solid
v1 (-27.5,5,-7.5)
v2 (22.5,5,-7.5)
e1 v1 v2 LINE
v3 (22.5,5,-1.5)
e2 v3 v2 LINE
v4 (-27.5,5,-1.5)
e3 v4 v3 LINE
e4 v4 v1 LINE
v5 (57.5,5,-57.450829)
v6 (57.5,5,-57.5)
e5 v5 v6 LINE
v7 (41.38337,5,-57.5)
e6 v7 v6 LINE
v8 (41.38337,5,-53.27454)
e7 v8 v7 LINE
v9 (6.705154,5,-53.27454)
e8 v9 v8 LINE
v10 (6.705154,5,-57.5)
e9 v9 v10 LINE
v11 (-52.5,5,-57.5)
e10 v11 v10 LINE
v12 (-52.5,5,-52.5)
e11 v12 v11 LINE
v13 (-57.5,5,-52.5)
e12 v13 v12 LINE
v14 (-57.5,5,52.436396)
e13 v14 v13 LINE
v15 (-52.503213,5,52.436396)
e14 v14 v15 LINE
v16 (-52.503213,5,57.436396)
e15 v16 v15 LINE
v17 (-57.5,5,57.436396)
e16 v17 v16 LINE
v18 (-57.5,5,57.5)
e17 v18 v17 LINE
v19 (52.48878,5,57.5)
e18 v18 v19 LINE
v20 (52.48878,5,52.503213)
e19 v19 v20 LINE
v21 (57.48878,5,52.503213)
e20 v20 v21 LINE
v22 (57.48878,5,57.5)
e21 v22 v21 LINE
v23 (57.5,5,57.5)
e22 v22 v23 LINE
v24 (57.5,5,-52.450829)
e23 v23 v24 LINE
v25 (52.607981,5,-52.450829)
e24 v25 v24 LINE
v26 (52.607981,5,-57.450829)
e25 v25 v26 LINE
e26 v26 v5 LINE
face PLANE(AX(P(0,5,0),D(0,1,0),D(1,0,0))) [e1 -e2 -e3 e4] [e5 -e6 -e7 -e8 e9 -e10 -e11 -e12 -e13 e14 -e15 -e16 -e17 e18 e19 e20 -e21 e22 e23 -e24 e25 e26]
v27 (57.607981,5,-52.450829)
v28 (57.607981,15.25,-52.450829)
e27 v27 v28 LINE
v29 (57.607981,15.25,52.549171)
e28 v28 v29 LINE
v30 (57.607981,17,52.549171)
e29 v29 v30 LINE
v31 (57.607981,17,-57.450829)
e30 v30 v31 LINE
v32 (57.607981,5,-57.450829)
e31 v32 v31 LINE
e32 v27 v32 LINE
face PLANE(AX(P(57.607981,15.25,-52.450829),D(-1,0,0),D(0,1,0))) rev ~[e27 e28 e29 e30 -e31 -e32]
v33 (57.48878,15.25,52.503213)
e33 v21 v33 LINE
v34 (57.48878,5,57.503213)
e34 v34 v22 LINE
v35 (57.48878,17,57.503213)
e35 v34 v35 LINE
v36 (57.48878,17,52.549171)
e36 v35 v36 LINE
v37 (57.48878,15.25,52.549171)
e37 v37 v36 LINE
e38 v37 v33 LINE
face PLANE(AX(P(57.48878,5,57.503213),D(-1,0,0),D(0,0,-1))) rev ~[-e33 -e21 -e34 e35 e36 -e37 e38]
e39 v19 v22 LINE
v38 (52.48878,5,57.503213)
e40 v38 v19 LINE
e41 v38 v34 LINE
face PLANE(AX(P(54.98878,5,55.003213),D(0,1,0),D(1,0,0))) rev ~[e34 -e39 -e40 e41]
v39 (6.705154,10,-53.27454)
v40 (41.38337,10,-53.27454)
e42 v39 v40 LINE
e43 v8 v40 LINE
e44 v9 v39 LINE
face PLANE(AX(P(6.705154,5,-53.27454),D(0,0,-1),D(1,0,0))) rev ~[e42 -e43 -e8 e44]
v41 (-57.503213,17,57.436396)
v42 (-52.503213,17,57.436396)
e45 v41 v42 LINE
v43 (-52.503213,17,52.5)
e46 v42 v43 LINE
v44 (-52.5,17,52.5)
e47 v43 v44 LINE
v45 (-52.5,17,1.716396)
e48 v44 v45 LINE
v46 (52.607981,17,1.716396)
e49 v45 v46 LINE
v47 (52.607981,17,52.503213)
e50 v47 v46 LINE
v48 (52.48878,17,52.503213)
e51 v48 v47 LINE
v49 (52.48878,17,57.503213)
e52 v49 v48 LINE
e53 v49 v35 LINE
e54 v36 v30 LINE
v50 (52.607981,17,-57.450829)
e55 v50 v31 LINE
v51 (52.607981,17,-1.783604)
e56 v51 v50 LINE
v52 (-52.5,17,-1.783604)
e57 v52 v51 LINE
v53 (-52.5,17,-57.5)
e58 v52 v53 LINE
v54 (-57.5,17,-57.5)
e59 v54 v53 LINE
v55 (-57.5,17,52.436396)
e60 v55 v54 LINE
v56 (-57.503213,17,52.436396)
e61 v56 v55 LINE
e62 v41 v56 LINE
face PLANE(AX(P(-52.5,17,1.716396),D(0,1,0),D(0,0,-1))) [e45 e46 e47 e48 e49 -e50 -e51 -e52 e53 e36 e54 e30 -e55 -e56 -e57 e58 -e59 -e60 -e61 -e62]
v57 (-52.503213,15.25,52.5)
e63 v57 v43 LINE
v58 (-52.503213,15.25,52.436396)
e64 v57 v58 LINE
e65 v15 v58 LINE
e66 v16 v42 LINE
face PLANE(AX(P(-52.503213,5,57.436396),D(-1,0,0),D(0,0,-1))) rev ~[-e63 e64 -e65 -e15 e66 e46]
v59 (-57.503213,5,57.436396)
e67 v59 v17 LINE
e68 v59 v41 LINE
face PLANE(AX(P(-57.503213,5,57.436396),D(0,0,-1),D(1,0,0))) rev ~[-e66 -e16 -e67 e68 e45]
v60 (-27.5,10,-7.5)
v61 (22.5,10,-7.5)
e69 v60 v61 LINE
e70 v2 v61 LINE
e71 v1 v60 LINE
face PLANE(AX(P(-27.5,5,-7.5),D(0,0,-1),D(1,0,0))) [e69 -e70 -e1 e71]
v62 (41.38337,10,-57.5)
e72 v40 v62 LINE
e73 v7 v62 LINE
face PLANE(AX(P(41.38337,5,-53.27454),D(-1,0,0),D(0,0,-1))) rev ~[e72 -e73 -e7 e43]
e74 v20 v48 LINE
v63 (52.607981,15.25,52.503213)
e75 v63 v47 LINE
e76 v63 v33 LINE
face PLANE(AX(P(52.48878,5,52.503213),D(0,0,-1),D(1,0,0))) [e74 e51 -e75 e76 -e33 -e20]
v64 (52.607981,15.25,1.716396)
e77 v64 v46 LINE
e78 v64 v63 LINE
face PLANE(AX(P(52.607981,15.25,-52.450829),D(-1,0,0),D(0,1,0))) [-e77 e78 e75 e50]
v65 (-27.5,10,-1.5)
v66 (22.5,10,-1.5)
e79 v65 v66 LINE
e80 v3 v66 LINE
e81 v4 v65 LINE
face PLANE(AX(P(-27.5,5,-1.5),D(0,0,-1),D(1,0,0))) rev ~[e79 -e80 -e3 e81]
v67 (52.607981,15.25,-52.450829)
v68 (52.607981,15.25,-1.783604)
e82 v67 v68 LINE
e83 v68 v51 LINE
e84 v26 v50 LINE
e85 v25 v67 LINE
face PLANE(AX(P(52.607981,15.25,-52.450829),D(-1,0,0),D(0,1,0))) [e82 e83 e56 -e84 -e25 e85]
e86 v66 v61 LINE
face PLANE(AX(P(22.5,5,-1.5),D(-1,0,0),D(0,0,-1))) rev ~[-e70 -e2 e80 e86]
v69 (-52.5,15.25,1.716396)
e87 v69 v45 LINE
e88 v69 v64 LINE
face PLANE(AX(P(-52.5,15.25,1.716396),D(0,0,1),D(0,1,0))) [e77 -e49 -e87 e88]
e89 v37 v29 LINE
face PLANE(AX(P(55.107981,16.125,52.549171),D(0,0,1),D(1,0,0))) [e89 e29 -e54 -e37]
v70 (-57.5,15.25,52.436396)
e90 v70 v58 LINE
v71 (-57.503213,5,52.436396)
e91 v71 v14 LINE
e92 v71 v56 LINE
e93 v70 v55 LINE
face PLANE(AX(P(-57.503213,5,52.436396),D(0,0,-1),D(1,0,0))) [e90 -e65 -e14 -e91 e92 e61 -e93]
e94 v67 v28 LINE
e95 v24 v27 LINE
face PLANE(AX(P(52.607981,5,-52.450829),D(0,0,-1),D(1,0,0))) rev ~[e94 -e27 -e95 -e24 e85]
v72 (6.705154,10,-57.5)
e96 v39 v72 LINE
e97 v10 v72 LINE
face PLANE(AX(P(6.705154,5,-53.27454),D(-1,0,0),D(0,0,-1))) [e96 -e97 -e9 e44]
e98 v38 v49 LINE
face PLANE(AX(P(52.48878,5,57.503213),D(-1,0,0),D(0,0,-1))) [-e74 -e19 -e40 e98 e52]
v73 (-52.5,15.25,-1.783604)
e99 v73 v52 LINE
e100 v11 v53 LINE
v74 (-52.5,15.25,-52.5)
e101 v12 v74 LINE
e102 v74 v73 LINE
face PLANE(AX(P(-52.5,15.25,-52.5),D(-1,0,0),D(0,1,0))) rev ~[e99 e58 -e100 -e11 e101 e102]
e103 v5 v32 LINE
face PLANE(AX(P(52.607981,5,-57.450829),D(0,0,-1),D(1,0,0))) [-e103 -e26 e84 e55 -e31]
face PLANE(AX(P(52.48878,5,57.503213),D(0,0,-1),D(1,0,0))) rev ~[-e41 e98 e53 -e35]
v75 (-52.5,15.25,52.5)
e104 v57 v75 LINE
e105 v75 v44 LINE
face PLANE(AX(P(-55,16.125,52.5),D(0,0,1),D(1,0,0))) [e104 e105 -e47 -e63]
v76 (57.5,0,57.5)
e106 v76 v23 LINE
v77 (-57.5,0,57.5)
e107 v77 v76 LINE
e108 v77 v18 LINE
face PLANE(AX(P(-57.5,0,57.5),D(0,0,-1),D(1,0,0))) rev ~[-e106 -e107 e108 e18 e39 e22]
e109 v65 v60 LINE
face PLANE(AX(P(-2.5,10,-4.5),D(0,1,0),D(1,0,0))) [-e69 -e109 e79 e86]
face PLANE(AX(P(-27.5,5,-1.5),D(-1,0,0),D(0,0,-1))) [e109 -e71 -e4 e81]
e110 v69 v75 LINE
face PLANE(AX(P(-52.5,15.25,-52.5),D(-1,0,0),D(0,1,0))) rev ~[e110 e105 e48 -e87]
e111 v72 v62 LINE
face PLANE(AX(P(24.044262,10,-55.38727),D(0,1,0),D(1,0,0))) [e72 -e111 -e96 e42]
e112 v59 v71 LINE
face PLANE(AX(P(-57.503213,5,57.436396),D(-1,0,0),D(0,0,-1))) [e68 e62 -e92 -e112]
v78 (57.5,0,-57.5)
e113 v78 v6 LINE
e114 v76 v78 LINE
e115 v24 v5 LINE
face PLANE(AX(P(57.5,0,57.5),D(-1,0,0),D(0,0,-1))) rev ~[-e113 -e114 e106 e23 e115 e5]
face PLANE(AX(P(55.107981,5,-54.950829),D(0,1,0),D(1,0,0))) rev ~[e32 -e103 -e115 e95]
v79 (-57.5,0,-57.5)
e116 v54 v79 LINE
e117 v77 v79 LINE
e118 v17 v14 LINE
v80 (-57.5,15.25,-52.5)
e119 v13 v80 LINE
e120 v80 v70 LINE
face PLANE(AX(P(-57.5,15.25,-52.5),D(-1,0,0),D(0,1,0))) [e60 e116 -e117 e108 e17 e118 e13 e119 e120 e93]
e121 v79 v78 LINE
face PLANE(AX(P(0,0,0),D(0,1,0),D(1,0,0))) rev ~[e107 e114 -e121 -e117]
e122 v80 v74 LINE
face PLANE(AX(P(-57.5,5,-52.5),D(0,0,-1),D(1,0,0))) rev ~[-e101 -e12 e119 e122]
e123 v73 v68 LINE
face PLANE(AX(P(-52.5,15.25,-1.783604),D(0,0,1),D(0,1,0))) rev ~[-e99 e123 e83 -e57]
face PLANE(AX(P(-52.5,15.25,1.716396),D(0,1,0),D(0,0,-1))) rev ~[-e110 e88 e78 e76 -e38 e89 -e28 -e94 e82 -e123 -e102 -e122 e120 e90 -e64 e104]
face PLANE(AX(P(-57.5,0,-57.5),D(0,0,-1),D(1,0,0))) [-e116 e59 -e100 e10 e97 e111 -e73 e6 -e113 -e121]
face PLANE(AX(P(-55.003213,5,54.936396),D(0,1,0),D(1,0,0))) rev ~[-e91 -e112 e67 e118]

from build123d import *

# Parameters (mm, degrees)
SKETCH1_W            = 115
SKETCH1_H            = 115
BOSS_EXTRUDE3_DEPTH  = 5
SKETCH5_W            = 50
SKETCH5_H            = 6
SKETCH5_W_2          = 34.678216068
SKETCH5_H_2          = 4.225459606
BOSS_EXTRUDE4_DEPTH  = 5
SKETCH6_W            = 5
SKETCH6_H            = 5
BOSS_EXTRUDE5_DEPTH  = 12
SKETCH8_W            = 5
SKETCH8_H            = 1.75
BOSS_EXTRUDE7_DEPTH  = 105
SKETCH9_W            = 5
SKETCH9_H            = 1.75
BOSS_EXTRUDE8_DEPTH  = 105
SKETCH11_W           = 3.5
SKETCH11_H           = 1.75
BOSS_EXTRUDE10_DEPTH = 108


with BuildPart() as part:
    # Sketch1 → Boss-Extrude3 (new body)
    with BuildSketch(Plane(origin=(0, 0, 0), x_dir=(1, 0, 0), z_dir=(0, 1, 0))):
        Rectangle(SKETCH1_W, SKETCH1_H)
    extrude(amount=BOSS_EXTRUDE3_DEPTH)

    # Sketch5 → Boss-Extrude4 (add)
    with BuildSketch(Plane(origin=(0, 5, 0), x_dir=(1, 0, 0), z_dir=(0, 1, 0))):
        with Locations((-2.5, 4.5)):
            Rectangle(SKETCH5_W, SKETCH5_H)
        with Locations((24.044261594, 55.387270197)):
            Rectangle(SKETCH5_W_2, SKETCH5_H_2)
    extrude(amount=BOSS_EXTRUDE4_DEPTH)

    # Sketch6 → Boss-Extrude5 (add)
    with BuildSketch(Plane(origin=(0, 5, 0), x_dir=(1, 0, 0), z_dir=(0, 1, 0))):
        with Locations((-55.003212796, -54.936396199)):
            Rectangle(SKETCH6_W, SKETCH6_H)
        with Locations((-55, 55)):
            Rectangle(SKETCH6_W, SKETCH6_H)
        with Locations((55.107980821, 54.950828784)):
            Rectangle(SKETCH6_W, SKETCH6_H)
        with Locations((54.988780211, -55.003212796)):
            Rectangle(SKETCH6_W, SKETCH6_H)
    extrude(amount=BOSS_EXTRUDE5_DEPTH)

    # Sketch8 → Boss-Extrude7 (add)
    with BuildSketch(Plane.XY.offset(-52.5)):
        with Locations((-55, 16.125)):
            Rectangle(SKETCH8_W, SKETCH8_H)
    extrude(amount=BOSS_EXTRUDE7_DEPTH)

    # Sketch9 → Boss-Extrude8 (add)
    with BuildSketch(Plane.XY.offset(-52.450828784)):
        with Locations((55.107980821, 16.125)):
            Rectangle(SKETCH9_W, SKETCH9_H)
    extrude(amount=BOSS_EXTRUDE8_DEPTH)

    # Sketch11 → Boss-Extrude10 (add)
    with BuildSketch(Plane(origin=(-52.5, 0, 0), x_dir=(0, 0, -1), z_dir=(1, 0, 0))):
        with Locations((0.033603801, 16.125)):
            Rectangle(SKETCH11_W, SKETCH11_H)
    extrude(amount=BOSS_EXTRUDE10_DEPTH)


solid = part.part
